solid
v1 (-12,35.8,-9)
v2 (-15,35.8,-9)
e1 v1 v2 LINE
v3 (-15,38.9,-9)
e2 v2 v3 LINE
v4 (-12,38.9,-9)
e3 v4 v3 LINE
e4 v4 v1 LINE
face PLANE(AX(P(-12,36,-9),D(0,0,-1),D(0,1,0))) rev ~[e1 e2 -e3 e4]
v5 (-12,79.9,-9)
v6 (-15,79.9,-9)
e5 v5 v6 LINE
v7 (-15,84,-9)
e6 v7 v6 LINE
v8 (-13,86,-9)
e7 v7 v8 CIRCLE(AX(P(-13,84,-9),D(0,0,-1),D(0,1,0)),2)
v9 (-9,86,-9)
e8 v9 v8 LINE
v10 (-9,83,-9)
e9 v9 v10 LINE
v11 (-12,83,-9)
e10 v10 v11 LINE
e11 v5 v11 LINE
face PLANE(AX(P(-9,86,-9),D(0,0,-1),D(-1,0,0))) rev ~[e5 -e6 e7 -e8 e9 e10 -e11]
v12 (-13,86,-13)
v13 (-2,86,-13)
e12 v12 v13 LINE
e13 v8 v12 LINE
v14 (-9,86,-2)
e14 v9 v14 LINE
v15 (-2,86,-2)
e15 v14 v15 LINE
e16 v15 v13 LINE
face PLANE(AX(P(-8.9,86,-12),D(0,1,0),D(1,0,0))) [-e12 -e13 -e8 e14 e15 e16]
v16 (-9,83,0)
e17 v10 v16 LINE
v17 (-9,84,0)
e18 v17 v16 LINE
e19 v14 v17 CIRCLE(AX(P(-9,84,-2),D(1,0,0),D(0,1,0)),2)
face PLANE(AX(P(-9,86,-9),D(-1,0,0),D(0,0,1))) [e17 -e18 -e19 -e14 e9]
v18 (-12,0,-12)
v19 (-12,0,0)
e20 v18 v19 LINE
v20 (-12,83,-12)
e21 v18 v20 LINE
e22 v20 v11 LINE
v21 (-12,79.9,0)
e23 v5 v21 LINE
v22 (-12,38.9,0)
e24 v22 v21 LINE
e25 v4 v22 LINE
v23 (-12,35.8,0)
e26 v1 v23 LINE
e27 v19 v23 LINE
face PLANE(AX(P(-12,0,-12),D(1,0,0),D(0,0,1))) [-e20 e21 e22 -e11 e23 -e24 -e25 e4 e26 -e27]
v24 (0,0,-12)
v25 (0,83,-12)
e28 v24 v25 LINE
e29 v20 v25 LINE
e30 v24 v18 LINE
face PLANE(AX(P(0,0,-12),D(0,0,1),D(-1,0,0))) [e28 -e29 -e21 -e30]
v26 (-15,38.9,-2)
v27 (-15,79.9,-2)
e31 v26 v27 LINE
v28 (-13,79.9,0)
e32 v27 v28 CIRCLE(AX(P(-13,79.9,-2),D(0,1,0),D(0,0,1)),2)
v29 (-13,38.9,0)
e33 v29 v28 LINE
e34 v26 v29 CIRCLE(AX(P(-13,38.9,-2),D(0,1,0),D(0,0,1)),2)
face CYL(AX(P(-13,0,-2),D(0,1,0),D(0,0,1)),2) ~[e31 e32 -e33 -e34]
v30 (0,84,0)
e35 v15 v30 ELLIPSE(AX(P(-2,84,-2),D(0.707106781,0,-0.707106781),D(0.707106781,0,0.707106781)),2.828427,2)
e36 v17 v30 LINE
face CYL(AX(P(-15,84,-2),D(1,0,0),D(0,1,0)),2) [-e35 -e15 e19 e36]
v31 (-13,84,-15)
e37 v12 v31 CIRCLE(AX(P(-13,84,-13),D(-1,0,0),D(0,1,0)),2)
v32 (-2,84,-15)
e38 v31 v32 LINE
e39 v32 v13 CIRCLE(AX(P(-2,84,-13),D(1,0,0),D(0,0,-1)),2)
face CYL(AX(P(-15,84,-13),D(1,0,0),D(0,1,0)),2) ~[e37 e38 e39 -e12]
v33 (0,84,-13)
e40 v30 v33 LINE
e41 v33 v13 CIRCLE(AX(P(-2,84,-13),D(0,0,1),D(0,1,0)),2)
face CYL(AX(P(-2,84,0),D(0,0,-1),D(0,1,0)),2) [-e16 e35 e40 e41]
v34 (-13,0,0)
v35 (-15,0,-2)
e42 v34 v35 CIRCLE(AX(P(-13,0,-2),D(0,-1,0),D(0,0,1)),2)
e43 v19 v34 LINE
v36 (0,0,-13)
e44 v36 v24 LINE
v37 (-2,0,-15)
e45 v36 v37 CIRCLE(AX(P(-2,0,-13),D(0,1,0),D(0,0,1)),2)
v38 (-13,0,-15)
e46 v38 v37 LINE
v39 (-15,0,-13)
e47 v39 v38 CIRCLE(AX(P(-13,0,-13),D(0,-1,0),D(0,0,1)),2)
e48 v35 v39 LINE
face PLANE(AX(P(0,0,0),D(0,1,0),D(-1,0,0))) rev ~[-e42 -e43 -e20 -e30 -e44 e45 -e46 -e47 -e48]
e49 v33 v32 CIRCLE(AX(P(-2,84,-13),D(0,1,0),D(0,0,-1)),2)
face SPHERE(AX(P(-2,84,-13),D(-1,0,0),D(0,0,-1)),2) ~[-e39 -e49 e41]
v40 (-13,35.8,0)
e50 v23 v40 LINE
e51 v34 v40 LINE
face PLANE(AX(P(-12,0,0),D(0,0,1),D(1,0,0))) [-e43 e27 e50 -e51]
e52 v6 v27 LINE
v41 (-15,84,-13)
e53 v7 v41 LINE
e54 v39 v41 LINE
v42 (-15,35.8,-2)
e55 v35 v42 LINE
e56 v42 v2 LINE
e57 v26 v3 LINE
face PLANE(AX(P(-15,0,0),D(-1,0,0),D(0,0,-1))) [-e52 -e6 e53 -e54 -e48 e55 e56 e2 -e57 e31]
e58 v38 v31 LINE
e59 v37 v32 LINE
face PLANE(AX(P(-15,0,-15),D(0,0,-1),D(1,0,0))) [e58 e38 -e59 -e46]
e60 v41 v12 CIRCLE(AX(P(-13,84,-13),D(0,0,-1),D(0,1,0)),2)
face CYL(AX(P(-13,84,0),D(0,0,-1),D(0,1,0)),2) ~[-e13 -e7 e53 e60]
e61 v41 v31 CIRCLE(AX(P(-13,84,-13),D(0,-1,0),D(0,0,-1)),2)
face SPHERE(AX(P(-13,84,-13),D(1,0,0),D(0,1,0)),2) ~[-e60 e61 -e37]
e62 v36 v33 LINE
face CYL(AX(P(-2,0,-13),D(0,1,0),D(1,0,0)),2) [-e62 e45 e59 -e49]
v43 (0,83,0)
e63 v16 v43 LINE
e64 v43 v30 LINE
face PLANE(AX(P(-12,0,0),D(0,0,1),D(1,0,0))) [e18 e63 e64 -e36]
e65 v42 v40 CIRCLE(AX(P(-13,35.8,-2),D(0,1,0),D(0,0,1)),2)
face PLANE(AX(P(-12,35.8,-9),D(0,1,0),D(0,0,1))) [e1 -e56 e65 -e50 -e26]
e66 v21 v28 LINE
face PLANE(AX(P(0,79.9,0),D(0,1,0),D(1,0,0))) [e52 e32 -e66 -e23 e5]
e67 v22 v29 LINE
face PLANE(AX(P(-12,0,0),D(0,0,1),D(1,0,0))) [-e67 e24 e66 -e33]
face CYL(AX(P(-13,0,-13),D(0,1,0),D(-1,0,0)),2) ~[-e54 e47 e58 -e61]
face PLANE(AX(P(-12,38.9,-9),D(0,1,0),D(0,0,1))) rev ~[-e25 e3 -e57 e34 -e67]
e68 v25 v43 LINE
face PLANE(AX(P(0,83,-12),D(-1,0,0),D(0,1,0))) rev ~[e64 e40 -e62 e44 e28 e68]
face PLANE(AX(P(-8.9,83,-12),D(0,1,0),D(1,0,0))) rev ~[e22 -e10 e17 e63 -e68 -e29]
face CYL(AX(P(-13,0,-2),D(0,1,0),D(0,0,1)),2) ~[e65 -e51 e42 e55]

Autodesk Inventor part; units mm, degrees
ref_plane "YZ Plane" through (0, 0, 0) normal (1, 0, 0) x (0, 1, 0)
ref_plane "XZ Plane" through (0, 0, 0) normal (0, 1, 0) x (-1, 0, 0)
ref_plane "XY Plane" through (0, 0, 0) normal (0, 0, 1) x (1, 0, 0)
sketch "Sketch1" plane through (0, 0, 0) normal (0, 1, 0) x (-1, 0, 0)
  line L0 (15, 0) -> (15, -15)
  line L1 (15, -15) -> (0, -15)
  line L2 (0, -15) -> (0, -12)
  line L3 (0, -12) -> (12, -12)
  line L4 (12, -12) -> (12, 0)
  line L5 (12, 0) -> (15, 0)
  point P0 (0, 0)
  dimension "d0" = 15
  dimension "d1" = 15
  dimension "d10" = 3
  dimension "d11" = 12
  dimension "d12" = 12
extrude "Extrusion1" add sketch "Sketch1" along normal blind 86
sketch "Sketch4" plane through (-12, 0, 0) normal (1, 0, 0) x (0, 0, -1)
  line L0 (0, 0) -> (0, 86) projected
  line L1 (12, 0) -> (12, 86) projected
  line L2 (0, 86) -> (12, 86)
  line L3 (12, 86) -> (12, 83)
  line L4 (12, 83) -> (0, 83)
  line L5 (0, 83) -> (0, 86)
  dimension "d13" = 3
extrude "Extrusion3" add sketch "Sketch4" along normal blind 3.1
sketch "Sketch6" plane through (-12, 0, -12) normal (0, 0, 1) x (1, 0, 0)
  line L0 (3.1, 86) -> (12, 86) projected
  line L1 (12, 86) -> (3.1, 86)
  line L2 (3.1, 86) -> (3.1, 83)
  line L3 (3.1, 83) -> (12, 83)
  line L4 (12, 83) -> (12, 86)
  point P0 (12, 0)
extrude "Extrusion4" add sketch "Sketch6" along normal blind 12
fillet "Fillet3" radius 2 7 edges at (-7.5, 86, -15) (-15, 86, -7.5) (-15, 43, -15) (0, 43, -15) (-7.5, 86, 0) (0, 86, -7.5) (-15, 43, 0)
sketch "Sketch11" plane through (0, 86, 0) normal (0, 1, 0) x (1, 0, 0)
  arc A0 (-15, 2) -> (-13, 0) centre (-13, 2) ccw projected
  line L0 (-13, 0) -> (-10, 0)
  line L1 (-15, 9) -> (-15, 0)
  line L2 (-15, 0) -> (-13, 0)
  line L3 (-9, 9) -> (-9, 0)
  line L4 (-9, 0) -> (-15, 0)
  line L5 (-9, 9) -> (-15, 9)
  point P0 (0, 0)
  point P1 (-13, 0)
extrude "Extrusion7" cut sketch "Sketch11" against normal blind 6.1
sketch "Sketch12" plane through (-12, 0, 0) normal (1, 0, 0) x (0, 0, -1)
  line L0 (0, 33) -> (9, 33) construction
  line L1 (0, 38.9) -> (0, 36)
  line L2 (9, 36) -> (9, 38.9)
  line L3 (0, 36) -> (0, 38.9)
  line L4 (9, 36) -> (9, 35.9)
  line L5 (9, 38.9) -> (0, 38.9)
  line L6 (9, 38.9) -> (9, 35.8)
  line L7 (9, 35.8) -> (0, 35.8)
  line L8 (0, 0) -> (0, 79.9) projected
  line L9 (0, 35.8) -> (0, 38.9)
  dimension "d49" = 3.1
  dimension "d50" = 9
extrude "Extrusion8" cut sketch "Sketch12" against normal through all
properties part number "DoosjeHoeken" material "ABS Plastic"
